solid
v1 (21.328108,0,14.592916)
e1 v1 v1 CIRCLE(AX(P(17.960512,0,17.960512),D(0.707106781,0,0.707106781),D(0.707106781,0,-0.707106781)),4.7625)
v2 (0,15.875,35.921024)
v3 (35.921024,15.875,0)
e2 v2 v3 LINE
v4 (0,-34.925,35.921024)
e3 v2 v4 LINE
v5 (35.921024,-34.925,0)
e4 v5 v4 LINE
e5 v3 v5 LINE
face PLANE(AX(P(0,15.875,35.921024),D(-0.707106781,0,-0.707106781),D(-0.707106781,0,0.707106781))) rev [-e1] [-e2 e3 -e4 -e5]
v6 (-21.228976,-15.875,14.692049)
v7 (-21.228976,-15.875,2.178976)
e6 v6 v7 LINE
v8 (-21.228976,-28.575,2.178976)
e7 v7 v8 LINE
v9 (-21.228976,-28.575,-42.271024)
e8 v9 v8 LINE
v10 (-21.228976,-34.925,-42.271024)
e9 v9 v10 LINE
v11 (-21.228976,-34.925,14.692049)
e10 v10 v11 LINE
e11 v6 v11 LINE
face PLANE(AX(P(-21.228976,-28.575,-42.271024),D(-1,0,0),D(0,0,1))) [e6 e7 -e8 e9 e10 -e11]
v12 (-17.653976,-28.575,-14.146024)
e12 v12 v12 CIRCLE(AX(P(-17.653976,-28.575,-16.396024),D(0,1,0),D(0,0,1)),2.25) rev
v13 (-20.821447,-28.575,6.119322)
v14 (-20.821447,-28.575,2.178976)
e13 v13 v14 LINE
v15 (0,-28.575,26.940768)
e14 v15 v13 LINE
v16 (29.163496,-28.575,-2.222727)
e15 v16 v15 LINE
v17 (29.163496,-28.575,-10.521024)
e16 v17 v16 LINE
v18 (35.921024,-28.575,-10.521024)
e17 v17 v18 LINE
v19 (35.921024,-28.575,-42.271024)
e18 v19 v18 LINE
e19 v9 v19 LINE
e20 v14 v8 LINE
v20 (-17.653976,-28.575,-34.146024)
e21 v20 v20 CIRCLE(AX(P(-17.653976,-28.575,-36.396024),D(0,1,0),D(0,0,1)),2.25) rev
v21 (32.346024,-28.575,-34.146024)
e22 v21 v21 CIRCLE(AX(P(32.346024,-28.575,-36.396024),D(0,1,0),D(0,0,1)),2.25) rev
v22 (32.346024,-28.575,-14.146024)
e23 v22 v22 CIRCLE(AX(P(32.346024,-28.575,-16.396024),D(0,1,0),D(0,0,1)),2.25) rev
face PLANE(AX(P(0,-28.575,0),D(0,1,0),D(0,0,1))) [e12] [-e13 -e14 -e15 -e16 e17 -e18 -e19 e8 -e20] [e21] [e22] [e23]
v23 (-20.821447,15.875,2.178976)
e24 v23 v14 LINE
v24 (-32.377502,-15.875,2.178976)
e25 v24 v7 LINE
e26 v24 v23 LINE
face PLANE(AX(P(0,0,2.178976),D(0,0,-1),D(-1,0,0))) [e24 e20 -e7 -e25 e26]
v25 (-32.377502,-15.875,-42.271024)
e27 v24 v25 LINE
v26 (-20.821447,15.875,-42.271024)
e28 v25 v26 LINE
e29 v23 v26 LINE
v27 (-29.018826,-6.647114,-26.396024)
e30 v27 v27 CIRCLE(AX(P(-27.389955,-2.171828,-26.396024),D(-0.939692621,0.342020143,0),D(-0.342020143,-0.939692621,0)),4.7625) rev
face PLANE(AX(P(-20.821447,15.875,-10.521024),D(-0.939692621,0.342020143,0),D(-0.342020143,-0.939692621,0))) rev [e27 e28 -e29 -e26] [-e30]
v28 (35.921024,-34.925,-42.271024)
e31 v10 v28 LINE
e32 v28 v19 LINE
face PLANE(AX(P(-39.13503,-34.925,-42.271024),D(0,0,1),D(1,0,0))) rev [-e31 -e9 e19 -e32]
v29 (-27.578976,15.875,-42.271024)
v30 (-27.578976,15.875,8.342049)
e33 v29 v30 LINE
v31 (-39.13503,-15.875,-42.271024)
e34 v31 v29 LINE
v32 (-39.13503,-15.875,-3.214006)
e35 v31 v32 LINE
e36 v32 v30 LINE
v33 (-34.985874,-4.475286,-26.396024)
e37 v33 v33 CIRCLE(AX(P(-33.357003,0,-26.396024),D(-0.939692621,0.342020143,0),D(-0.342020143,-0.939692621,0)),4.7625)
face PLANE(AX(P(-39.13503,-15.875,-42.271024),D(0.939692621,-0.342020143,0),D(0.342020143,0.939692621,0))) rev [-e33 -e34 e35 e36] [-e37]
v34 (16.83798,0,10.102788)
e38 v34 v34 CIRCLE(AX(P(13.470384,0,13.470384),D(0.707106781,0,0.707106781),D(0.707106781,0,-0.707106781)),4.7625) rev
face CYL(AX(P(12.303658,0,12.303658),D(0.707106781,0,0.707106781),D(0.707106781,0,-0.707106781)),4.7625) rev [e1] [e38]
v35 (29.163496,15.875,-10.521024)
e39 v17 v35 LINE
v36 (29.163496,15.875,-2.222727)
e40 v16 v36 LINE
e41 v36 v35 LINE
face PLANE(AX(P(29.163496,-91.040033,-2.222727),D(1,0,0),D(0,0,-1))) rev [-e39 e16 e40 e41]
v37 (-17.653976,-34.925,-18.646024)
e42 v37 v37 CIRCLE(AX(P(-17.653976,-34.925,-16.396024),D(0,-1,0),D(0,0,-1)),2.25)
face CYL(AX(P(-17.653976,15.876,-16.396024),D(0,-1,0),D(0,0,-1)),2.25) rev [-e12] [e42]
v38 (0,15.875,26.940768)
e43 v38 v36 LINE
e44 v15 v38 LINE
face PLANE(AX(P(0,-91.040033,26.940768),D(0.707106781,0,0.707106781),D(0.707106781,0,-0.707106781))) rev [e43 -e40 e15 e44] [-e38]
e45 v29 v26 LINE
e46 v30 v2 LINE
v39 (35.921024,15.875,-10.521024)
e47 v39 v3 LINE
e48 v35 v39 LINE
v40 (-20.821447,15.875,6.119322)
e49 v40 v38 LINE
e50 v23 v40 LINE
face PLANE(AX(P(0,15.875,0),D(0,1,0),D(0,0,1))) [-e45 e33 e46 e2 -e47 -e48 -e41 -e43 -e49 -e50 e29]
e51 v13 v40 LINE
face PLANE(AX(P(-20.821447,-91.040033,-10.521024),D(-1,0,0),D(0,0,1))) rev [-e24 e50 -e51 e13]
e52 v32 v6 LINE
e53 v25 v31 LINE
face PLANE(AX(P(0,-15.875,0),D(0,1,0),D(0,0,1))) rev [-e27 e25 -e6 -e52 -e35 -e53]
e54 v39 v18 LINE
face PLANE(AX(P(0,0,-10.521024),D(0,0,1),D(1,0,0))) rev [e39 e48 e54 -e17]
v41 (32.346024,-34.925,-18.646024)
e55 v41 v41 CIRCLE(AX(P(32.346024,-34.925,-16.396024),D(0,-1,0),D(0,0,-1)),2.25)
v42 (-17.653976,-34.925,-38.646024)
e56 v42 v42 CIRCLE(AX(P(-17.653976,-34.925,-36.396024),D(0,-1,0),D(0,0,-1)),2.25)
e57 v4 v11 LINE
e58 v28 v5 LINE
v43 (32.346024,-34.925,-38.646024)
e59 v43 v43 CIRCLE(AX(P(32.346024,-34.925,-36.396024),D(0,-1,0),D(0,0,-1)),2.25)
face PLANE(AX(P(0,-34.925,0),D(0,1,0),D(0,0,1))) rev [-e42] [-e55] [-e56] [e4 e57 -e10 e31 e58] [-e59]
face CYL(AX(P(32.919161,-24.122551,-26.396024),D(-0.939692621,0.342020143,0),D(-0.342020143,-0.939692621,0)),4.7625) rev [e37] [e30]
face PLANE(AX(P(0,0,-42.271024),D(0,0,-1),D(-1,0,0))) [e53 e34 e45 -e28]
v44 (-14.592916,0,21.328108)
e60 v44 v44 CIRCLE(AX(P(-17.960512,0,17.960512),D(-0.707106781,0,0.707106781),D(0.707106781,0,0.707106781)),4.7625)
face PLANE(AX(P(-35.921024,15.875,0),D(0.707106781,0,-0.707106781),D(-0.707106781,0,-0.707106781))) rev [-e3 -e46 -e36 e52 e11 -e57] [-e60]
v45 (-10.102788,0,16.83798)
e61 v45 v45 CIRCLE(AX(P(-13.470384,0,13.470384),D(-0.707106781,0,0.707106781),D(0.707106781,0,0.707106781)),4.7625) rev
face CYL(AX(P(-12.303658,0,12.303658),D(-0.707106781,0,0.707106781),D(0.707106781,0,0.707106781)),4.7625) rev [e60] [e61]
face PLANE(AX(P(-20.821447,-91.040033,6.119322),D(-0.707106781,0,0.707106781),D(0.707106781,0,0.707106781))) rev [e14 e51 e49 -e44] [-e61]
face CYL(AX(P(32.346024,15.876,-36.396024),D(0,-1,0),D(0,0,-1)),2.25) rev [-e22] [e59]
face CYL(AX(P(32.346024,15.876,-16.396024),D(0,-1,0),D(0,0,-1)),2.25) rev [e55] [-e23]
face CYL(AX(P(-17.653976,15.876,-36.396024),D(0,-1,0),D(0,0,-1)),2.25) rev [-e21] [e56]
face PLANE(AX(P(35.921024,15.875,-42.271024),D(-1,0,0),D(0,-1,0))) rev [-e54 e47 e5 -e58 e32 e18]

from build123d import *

# Parameters (mm, degrees)
BOSS_EXTRUDE1_DEPTH             = 15.875
SKETCH2_R                       = 4.7625
CUT_EXTRUDE1_DEPTH              = 8
SKETCH3_R                       = 4.7625
CUT_EXTRUDE2_DEPTH              = 8
CUT_EXTRUDE3_DEPTH              = 60.905780189
BOSS_EXTRUDE2_REACH             = 62.821
BOSS_EXTRUDE2_DIRECTION_2_DEPTH = 31.75
SKETCH6_R                       = 4.7625
CUT_EXTRUDE4_DEPTH              = 83.269033521
CUT_EXTRUDE5_DEPTH              = 31.75
BOSS_EXTRUDE4_DEPTH             = 31.75
CUT_EXTRUDE6_DEPTH              = 93.319424063
BOSS_EXTRUDE5_DEPTH             = 12.7
BOSS_EXTRUDE6_DEPTH             = 6.35
CUT_EXTRUDE7_DEPTH              = 71.05833388
CUT_EXTRUDE8_REACH              = 78.805
SKETCH15_R                      = 2.25
CUT_EXTRUDE9_DEPTH              = 44.45
CUT_EXTRUDE10_DEPTH             = 12.7
SKETCH21_W                      = 12.513073453
SKETCH21_H                      = 19.05
CUT_EXTRUDE11_DEPTH             = 69.753972493


with BuildPart() as part:
    # Sketch1 → Boss-Extrude1 (new, symmetric)
    with BuildSketch(Plane(origin=(0, 0, 0), x_dir=(1, 0, 0), z_dir=(0, 1, 0))):
        Polygon((-35.921024484, 0), (0, 35.921024484), (35.921024484, 0), (0, -35.921024484), align=None)
    extrude(amount=BOSS_EXTRUDE1_DEPTH, both=True)

    # Sketch2 → Cut-Extrude1 (cut)
    with BuildSketch(Plane(origin=(17.960512242, 0, 17.960512242), x_dir=(0.7071067811865476, 0, -0.7071067811865476), z_dir=(0.7071067811865476, 0, 0.7071067811865476))):
        Circle(SKETCH2_R)
    extrude(amount=-CUT_EXTRUDE1_DEPTH, mode=Mode.SUBTRACT)

    # Sketch3 → Cut-Extrude2 (cut)
    with BuildSketch(Plane(origin=(-17.960512242, 0, 17.960512242), x_dir=(0.7071067811865472, 0, 0.7071067811865478), z_dir=(-0.7071067811865478, 0, 0.7071067811865472))):
        Circle(SKETCH3_R)
    extrude(amount=-CUT_EXTRUDE2_DEPTH, mode=Mode.SUBTRACT)

    # Sketch4 → Cut-Extrude3 (cut, through all)
    with BuildSketch(Plane(origin=(0, 15.875, 0), x_dir=(1, 0, 0), z_dir=(0, 1, 0))):
        Polygon((25.4, 10.521024484), (-25.4, 10.521024484), (0, 35.921024484), align=None)
    extrude(amount=-CUT_EXTRUDE3_DEPTH, mode=Mode.SUBTRACT)

    # Boss-Extrude2: up to this face of the body (flat: up to its plane)
    boss_extrude2_end = Plane(part.part.faces().sort_by_distance((30.660512242, 0, -5.260512242))[0])
    # Sketch5 → Boss-Extrude2 (add, up to the picked face)
    with BuildSketch(Plane(origin=(0, 0, -10.521024484), x_dir=(-1, 0, 0), z_dir=(0, 0, -1)), mode=Mode.PRIVATE) as boss_extrude2_sk1:
        Polygon((-35.921024484, 15.875), (-35.921024484, -15.875), (39.135030454, -15.875), (27.578975516, 15.875), align=None)
    boss_extrude2_tool1 = split(extrude(boss_extrude2_sk1.sketch, amount=-BOSS_EXTRUDE2_REACH, mode=Mode.PRIVATE), bisect_by=boss_extrude2_end, keep=Keep.BOTH, mode=Mode.PRIVATE)
    add(boss_extrude2_tool1.solids().sort_by(Axis((1.201693, -0.441343, -10.521024), (0, 0, 1)))[0])

    # Sketch5 → Boss-Extrude2 direction 2 (add)
    with BuildSketch(Plane(origin=(0, 0, -10.521024484), x_dir=(-1, 0, 0), z_dir=(0, 0, -1))):
        Polygon((-35.921024484, 15.875), (-35.921024484, -15.875), (39.135030454, -15.875), (27.578975516, 15.875), align=None)
    extrude(amount=BOSS_EXTRUDE2_DIRECTION_2_DEPTH)

    # Sketch6 → Cut-Extrude4 (cut, through all)
    with BuildSketch(Plane(origin=(-29.45497488, 10.720734107, 0), x_dir=(0, 0, 1), z_dir=(-0.9396926207859072, 0.3420201433256724, 0))):
        with Locations(Location((-26.396024484, -11.408766942, 0), (0, 0, 270))):
            Circle(SKETCH6_R)
    extrude(amount=-CUT_EXTRUDE4_DEPTH, mode=Mode.SUBTRACT)

    # Sketch7 → Cut-Extrude5 (cut)
    with BuildSketch(Plane(origin=(0, 0, -42.271024484), x_dir=(-1, 0, 0), z_dir=(0, 0, -1))):
        Polygon((20.821446661, 15.875), (32.377501598, -15.875), (-35.921024484, -15.875), (-35.921024484, 15.875), align=None)
    extrude(amount=-CUT_EXTRUDE5_DEPTH, mode=Mode.SUBTRACT)

    # Sketch9 → Boss-Extrude4 (add)
    with BuildSketch(Plane.XZ.offset(15.875)):
        Polygon((-25.4, -10.521024484), (-35.921024484, 0), (-46.442048969, -10.521024484), align=None)
    extrude(amount=-BOSS_EXTRUDE4_DEPTH)

    # Sketch10 → Cut-Extrude6 (cut, through all)
    with BuildSketch(Plane(origin=(0, 0, -42.271024484), x_dir=(-1, 0, 0), z_dir=(0, 0, -1))):
        Polygon((46.442048969, -15.875), (46.442048969, 15.875), (27.578975516, 15.875), (39.135030454, -15.875), align=None)
    extrude(amount=-CUT_EXTRUDE6_DEPTH, mode=Mode.SUBTRACT)

    # Sketch11 → Boss-Extrude5 (add)
    with BuildSketch(Plane.XZ.offset(15.875)):
        Polygon((-32.377501598, -10.521024484), (-39.135030454, -10.521024484), (-39.135030454, -3.214005969), (0, 35.921024484), (35.921024484, 0), (35.921024484, -10.521024484), align=None)
    extrude(amount=BOSS_EXTRUDE5_DEPTH)

    # Sketch12 → Boss-Extrude6 (add)
    with BuildSketch(Plane.XZ.offset(28.575)):
        Polygon((35.921024484, -10.521024484), (35.921024484, 0), (0, 35.921024484), (-39.135030454, -3.214005969), (-39.135030454, -42.271024484), (35.921024484, -42.271024484), align=None)
    extrude(amount=BOSS_EXTRUDE6_DEPTH)

    # Sketch14 → Cut-Extrude7 (cut, through all)
    with BuildSketch(Plane(origin=(0, 0, -10.521024484), x_dir=(-1, 0, 0), z_dir=(0, 0, -1))):
        Polygon((36.999923574, -28.575), (20.821446661, 15.875), (5.050498603, 15.875), (21.228975516, -28.575), (21.228975516, -34.925), (39.135030454, -34.925), (39.135030454, -28.575), align=None)
    extrude(amount=CUT_EXTRUDE7_DEPTH, mode=Mode.SUBTRACT)

    # Sketch15 → Cut-Extrude8 (cut, up to next)
    with BuildSketch(Plane.XZ.offset(34.925), mode=Mode.PRIVATE) as cut_extrude8_sk1:
        with Locations(Location((32.346024484, -36.396024484, 0), (0, 0, 270))):
            Circle(SKETCH15_R)
    cut_extrude8_tool1 = extrude(cut_extrude8_sk1.sketch, amount=-CUT_EXTRUDE8_REACH, mode=Mode.PRIVATE) & part.part
    # Sketch15 → Cut-Extrude8 (cut, up to next)
    with BuildSketch(Plane.XZ.offset(34.925), mode=Mode.PRIVATE) as cut_extrude8_sk2:
        with Locations(Location((32.346024484, -16.396024484, 0), (0, 0, 270))):
            Circle(SKETCH15_R)
    cut_extrude8_tool2 = extrude(cut_extrude8_sk2.sketch, amount=-CUT_EXTRUDE8_REACH, mode=Mode.PRIVATE) & part.part
    # Sketch15 → Cut-Extrude8 (cut, up to next)
    with BuildSketch(Plane.XZ.offset(34.925), mode=Mode.PRIVATE) as cut_extrude8_sk3:
        with Locations(Location((-17.653975516, -16.396024484, 0), (0, 0, 270))):
            Circle(SKETCH15_R)
    cut_extrude8_tool3 = extrude(cut_extrude8_sk3.sketch, amount=-CUT_EXTRUDE8_REACH, mode=Mode.PRIVATE) & part.part
    # Sketch15 → Cut-Extrude8 (cut, up to next)
    with BuildSketch(Plane.XZ.offset(34.925), mode=Mode.PRIVATE) as cut_extrude8_sk4:
        with Locations(Location((-17.653975516, -36.396024484, 0), (0, 0, 270))):
            Circle(SKETCH15_R)
    cut_extrude8_tool4 = extrude(cut_extrude8_sk4.sketch, amount=-CUT_EXTRUDE8_REACH, mode=Mode.PRIVATE) & part.part
    add(cut_extrude8_tool1.solids().sort_by_distance((32.346024, -34.925, -36.396024))[0], mode=Mode.SUBTRACT)
    add(cut_extrude8_tool2.solids().sort_by_distance((32.346024, -34.925, -16.396024))[0], mode=Mode.SUBTRACT)
    add(cut_extrude8_tool3.solids().sort_by_distance((-17.653976, -34.925, -16.396024))[0], mode=Mode.SUBTRACT)
    add(cut_extrude8_tool4.solids().sort_by_distance((-17.653976, -34.925, -36.396024))[0], mode=Mode.SUBTRACT)

    # Sketch17 → Cut-Extrude9 (cut)
    with BuildSketch(Plane(origin=(0, 15.875, 0), x_dir=(1, 0, 0), z_dir=(0, 1, 0))):
        Polygon((-20.821446661, 10.521024484), (-20.821446661, -6.119321703), (0, -26.940768363), (29.163495629, 2.222727266), (29.163495629, 10.521024484), align=None)
    extrude(amount=-CUT_EXTRUDE9_DEPTH, mode=Mode.SUBTRACT)

    # Sketch20 → Cut-Extrude10 (cut)
    with BuildSketch(Plane(origin=(0, 0, -10.521024484), x_dir=(-1, 0, 0), z_dir=(0, 0, -1))):
        Polygon((21.228975516, -28.575), (21.228975516, -34.925), (39.135030454, -34.925), (39.135030454, -15.875), (32.377501598, -15.875), (20.821446661, 15.875), (20.821446661, -28.575), align=None)
    extrude(amount=-CUT_EXTRUDE10_DEPTH, mode=Mode.SUBTRACT)

    # Sketch21 → Cut-Extrude11 (cut, through all)
    with BuildSketch(Plane(origin=(0, 0, 2.178975516), x_dir=(-1, 0, 0), z_dir=(0, 0, -1))):
        with Locations((27.485512243, -25.4)):
            Rectangle(SKETCH21_W, SKETCH21_H)
    extrude(amount=-CUT_EXTRUDE11_DEPTH, mode=Mode.SUBTRACT)


solid = part.part
